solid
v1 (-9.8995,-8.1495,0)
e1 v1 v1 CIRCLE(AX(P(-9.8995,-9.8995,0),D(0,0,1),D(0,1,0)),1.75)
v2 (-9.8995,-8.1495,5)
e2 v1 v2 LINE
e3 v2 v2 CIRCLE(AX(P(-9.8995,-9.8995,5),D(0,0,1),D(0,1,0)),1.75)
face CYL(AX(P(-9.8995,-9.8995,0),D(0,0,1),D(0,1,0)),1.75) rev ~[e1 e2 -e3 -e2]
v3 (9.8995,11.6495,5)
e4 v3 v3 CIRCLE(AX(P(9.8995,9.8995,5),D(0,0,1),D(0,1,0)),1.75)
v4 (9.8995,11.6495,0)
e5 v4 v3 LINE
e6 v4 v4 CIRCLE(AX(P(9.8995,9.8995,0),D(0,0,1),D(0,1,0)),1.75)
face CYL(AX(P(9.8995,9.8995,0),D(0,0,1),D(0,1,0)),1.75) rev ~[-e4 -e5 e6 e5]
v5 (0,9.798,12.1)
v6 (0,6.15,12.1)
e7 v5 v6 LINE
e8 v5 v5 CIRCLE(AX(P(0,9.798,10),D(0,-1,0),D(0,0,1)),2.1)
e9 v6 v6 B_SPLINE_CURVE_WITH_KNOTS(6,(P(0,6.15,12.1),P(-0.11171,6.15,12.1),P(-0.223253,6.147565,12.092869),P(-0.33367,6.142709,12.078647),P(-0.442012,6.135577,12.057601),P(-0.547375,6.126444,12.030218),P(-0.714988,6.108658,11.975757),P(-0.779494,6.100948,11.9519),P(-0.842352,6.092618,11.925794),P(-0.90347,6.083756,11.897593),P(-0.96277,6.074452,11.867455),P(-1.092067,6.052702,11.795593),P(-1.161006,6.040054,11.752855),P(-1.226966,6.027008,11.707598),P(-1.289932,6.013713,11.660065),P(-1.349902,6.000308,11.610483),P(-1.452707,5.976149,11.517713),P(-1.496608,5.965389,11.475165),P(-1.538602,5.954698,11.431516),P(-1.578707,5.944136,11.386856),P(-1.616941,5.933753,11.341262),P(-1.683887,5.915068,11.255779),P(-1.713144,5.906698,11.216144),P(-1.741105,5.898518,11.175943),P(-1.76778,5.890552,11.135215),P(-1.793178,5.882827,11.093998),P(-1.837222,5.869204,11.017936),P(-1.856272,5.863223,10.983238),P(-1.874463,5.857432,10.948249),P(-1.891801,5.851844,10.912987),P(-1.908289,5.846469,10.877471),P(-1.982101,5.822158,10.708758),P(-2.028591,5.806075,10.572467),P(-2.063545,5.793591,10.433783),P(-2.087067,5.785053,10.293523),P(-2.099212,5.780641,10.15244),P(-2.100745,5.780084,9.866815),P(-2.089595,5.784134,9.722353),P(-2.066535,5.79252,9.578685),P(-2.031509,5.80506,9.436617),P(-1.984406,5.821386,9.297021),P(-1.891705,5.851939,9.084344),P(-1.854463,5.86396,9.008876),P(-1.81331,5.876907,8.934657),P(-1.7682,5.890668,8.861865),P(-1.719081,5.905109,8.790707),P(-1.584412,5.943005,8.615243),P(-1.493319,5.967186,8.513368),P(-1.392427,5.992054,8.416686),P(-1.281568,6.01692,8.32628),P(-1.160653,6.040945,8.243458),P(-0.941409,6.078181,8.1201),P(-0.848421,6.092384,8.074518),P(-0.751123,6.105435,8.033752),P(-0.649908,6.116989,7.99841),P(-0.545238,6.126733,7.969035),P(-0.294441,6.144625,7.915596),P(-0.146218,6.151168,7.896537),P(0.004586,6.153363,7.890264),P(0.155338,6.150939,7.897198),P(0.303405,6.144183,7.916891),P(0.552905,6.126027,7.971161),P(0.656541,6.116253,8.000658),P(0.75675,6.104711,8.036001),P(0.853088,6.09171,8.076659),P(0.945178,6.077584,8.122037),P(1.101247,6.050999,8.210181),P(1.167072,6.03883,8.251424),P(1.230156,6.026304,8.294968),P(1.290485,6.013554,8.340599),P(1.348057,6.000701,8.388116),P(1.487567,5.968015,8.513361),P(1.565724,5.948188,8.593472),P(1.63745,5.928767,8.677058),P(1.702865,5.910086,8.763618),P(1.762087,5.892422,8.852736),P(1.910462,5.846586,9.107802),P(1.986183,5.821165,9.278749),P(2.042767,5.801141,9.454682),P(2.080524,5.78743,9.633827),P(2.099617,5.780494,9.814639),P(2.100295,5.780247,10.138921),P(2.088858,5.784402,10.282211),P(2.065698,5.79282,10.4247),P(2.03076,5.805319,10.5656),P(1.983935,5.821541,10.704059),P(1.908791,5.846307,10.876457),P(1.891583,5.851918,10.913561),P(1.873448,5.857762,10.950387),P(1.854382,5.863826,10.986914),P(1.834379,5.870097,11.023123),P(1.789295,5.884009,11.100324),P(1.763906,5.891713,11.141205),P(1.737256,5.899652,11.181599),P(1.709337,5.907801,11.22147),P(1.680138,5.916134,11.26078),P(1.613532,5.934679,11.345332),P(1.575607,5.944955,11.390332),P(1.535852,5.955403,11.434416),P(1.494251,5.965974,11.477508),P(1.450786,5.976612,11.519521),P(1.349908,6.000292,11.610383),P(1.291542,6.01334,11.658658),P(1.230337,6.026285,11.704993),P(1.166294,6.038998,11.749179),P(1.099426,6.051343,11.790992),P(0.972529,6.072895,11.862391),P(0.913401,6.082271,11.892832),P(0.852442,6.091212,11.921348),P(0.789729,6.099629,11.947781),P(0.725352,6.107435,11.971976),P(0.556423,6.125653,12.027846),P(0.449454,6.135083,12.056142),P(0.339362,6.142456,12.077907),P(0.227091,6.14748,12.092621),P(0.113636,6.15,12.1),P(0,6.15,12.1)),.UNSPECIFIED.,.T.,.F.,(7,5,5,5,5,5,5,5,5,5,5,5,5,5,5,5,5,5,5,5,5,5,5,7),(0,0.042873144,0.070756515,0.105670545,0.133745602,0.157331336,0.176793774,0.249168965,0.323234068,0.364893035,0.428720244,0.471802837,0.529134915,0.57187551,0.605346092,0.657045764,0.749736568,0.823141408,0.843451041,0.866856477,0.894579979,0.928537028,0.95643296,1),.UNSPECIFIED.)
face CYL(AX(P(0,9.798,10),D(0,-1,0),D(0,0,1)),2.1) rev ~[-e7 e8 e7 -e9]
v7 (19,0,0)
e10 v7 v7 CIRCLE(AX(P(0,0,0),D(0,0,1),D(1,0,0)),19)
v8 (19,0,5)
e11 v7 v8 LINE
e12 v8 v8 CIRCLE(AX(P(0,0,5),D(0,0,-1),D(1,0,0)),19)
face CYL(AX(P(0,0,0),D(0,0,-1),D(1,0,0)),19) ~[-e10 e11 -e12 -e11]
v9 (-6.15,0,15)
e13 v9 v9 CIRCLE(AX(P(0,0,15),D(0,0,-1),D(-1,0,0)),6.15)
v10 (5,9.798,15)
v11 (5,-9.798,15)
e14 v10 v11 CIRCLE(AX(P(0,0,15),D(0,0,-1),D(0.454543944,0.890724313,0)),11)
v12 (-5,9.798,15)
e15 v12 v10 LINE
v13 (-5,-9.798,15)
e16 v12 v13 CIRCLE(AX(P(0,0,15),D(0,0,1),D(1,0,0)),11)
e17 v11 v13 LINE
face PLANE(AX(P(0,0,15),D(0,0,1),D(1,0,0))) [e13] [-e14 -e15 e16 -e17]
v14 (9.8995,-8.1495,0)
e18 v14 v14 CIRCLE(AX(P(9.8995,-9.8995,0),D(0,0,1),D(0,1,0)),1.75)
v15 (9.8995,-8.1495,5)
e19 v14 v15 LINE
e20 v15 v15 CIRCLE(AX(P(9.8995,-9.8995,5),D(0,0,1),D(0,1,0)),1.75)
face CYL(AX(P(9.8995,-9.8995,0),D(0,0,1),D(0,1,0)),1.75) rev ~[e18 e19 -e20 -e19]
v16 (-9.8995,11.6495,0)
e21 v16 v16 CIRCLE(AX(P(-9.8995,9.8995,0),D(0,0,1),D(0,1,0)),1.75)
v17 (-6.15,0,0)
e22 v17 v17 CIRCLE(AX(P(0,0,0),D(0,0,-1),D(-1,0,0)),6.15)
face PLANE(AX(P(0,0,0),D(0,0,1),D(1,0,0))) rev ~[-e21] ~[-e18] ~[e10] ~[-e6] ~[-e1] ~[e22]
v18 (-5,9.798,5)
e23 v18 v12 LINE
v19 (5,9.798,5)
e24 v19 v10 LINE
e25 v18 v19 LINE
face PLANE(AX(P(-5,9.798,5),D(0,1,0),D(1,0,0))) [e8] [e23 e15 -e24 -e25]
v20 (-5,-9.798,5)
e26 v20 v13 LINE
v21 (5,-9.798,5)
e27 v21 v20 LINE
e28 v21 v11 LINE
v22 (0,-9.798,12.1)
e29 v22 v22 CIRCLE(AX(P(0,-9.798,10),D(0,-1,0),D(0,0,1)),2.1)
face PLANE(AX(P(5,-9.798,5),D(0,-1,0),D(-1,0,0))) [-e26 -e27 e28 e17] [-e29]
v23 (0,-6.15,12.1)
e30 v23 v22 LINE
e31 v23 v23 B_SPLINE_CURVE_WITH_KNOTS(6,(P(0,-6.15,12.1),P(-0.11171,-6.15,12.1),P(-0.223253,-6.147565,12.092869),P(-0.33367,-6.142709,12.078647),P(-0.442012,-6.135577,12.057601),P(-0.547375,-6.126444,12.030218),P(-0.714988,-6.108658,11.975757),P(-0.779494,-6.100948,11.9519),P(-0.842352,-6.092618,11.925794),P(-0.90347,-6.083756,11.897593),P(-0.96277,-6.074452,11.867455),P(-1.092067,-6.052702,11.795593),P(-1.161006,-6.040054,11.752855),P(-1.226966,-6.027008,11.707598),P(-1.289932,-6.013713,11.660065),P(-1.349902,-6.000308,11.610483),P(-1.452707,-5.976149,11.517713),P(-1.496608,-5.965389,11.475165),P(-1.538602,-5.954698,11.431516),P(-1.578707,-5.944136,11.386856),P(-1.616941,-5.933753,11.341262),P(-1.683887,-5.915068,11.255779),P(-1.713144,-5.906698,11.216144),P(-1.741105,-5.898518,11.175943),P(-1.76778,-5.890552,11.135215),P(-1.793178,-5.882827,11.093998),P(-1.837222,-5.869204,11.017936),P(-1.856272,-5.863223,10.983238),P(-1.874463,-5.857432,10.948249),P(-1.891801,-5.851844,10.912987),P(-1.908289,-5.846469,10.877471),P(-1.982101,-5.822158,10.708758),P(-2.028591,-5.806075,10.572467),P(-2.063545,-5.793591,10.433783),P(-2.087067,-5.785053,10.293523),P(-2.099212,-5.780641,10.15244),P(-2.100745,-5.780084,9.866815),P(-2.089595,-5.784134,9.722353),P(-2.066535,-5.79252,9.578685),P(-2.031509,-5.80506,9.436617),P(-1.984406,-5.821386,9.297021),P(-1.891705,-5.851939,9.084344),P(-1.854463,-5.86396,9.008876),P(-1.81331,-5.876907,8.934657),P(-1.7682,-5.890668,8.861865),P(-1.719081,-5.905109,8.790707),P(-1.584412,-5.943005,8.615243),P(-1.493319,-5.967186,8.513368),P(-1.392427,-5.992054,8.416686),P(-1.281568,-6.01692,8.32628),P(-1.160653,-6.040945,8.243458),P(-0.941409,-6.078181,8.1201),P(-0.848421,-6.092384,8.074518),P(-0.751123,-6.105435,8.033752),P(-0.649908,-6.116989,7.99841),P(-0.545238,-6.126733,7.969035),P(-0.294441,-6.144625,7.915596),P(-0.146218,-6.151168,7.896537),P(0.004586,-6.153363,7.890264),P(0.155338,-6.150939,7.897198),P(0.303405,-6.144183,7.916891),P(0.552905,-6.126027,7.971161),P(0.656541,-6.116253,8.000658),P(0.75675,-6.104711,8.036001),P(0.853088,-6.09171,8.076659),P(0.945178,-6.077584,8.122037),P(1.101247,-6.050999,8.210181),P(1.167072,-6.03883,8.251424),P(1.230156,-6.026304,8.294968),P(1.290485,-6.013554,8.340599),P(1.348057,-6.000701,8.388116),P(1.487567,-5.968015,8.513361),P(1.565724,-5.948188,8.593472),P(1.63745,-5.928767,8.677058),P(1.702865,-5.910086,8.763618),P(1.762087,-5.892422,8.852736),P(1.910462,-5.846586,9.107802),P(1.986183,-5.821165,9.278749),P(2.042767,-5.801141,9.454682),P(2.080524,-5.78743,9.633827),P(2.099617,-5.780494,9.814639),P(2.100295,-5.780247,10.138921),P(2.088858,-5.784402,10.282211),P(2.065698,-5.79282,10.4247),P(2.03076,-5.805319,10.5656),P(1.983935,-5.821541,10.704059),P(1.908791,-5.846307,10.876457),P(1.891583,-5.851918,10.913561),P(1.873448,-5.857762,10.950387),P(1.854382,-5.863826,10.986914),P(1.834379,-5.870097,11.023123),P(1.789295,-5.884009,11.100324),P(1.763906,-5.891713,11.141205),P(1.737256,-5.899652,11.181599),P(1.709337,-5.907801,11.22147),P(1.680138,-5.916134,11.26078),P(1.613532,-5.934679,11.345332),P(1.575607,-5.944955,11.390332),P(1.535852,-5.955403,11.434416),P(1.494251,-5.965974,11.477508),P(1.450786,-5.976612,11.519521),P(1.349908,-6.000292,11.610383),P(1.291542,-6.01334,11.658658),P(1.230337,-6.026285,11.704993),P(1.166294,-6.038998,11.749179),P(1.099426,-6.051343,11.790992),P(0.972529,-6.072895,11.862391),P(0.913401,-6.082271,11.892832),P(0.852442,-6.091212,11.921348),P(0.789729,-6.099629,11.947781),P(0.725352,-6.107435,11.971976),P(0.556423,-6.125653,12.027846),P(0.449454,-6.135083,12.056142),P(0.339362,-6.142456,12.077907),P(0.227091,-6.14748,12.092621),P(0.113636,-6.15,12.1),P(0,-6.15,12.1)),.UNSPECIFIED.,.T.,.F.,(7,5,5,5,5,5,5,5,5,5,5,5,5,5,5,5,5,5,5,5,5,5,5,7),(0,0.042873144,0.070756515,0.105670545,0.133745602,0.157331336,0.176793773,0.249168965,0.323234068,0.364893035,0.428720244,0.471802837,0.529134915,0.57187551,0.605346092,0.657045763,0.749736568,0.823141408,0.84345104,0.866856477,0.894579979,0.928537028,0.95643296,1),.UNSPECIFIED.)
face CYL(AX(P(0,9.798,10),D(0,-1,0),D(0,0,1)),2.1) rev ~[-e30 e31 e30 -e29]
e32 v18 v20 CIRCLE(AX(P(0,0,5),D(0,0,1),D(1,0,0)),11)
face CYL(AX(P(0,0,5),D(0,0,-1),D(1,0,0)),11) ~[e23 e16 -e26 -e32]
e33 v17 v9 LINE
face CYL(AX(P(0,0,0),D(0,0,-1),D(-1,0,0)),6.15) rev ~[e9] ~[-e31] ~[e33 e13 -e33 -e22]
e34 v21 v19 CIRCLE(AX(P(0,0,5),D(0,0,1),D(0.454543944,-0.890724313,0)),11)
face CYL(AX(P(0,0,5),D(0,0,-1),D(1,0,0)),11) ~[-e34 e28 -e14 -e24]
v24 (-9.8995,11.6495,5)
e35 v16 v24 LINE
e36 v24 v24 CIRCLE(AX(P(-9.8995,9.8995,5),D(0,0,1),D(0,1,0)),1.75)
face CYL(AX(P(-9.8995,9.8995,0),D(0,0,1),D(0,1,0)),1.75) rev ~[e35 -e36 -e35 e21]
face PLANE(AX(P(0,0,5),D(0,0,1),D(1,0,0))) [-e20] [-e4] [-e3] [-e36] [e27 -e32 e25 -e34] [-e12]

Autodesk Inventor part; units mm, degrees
ref_plane "YZ Plane" through (0, 0, 0) normal (1, 0, 0) x (0, 1, 0)
ref_plane "XZ Plane" through (0, 0, 0) normal (0, 1, 0) x (-1, 0, 0)
ref_plane "XY Plane" through (0, 0, 0) normal (0, 0, 1) x (1, 0, 0)
sketch "スケッチ1" plane through (0, 0, 0) normal (0, 0, 1) x (1, 0, 0)
  circle A0 centre (0, 0) radius 19
  circle A1 centre (0, 0) radius 14
  circle A2 centre (-14, 0) radius 1.75
  circle A3 centre (0, -14) radius 1.75
  circle A4 centre (14, 0) radius 1.75
  circle A5 centre (0, 14) radius 1.75
  line L0 (-19, 0) -> (19, 0)
  dimension "d10" = 28
  dimension "d0" = 38
  dimension "d11" = 3.5
  dimension "d14" = 360
extrude "押し出し1" add sketch "スケッチ1" along normal blind 5
sketch "スケッチ2" plane through (0, 0, 5) normal (0, 0, 1) x (1, 0, 0)
  circle A0 centre (0, 0) radius 11
  line L0 (5, -9.798) -> (-5, -9.798)
  line L1 (-5, -9.798) -> (-5, 9.798)
  line L2 (-5, 9.798) -> (5, 9.798)
  line L3 (5, 9.798) -> (5, -9.798)
  line L4 (5, -9.798) -> (-5, 9.798) construction
  line L5 (-5, -9.798) -> (5, 9.798) construction
  dimension "d3" = 22
  dimension "d6" = 10
extrude "押し出し2" add sketch "スケッチ2" along normal blind 10 contours A0 L3 | L3 L0 L1 L2 | L1 A0
sketch "スケッチ3" plane through (0, 0, 0) normal (0, 0, -1) x (-1, 0, 0)
  circle A0 centre (0, 0) radius 6.15
  dimension "d7" = 12.3
extrude "押し出し3" cut sketch "スケッチ3" against normal blind 30
sketch "スケッチ4" plane through (0, 0, 0) normal (0, 0, -1) x (-1, 0, 0)
  circle A0 centre (0, 0) radius 14
  point P0 (-14, 0)
  point P1 (-9.8995, -9.8995)
  point P2 (0, -14)
  point P3 (9.8995, -9.8995)
  point P4 (14, 0)
  point P5 (9.8995, 9.8995)
  point P6 (0, 14)
  point P7 (-9.8995, 9.8995)
  dimension "d16" = 28
  dimension "d33" = 360
hole "穴1" at (9.8995, -9.8995, 0) at (9.8995, 9.8995, 0) at (-9.8995, 9.8995, 0) at (-9.8995, -9.8995, 0) direction (0, 0, 1) diameter 3.5 end through all
sketch "スケッチ5" plane through (-5, 9.798, 5) normal (0, 1, 0) x (1, 0, 0)
  line L0 (10, -10) -> (0, -10) projected
  line L1 (5, -10) -> (5, 0)
  line L2 (0, 0) -> (10, 0) projected
  point P0 (5, 5)
  point P1 (5, -5)
hole "穴2" at (0, 9.798, 10) direction (0, -1, 0) diameter 4.2 end through all
properties part number "small_tire_fixer"
